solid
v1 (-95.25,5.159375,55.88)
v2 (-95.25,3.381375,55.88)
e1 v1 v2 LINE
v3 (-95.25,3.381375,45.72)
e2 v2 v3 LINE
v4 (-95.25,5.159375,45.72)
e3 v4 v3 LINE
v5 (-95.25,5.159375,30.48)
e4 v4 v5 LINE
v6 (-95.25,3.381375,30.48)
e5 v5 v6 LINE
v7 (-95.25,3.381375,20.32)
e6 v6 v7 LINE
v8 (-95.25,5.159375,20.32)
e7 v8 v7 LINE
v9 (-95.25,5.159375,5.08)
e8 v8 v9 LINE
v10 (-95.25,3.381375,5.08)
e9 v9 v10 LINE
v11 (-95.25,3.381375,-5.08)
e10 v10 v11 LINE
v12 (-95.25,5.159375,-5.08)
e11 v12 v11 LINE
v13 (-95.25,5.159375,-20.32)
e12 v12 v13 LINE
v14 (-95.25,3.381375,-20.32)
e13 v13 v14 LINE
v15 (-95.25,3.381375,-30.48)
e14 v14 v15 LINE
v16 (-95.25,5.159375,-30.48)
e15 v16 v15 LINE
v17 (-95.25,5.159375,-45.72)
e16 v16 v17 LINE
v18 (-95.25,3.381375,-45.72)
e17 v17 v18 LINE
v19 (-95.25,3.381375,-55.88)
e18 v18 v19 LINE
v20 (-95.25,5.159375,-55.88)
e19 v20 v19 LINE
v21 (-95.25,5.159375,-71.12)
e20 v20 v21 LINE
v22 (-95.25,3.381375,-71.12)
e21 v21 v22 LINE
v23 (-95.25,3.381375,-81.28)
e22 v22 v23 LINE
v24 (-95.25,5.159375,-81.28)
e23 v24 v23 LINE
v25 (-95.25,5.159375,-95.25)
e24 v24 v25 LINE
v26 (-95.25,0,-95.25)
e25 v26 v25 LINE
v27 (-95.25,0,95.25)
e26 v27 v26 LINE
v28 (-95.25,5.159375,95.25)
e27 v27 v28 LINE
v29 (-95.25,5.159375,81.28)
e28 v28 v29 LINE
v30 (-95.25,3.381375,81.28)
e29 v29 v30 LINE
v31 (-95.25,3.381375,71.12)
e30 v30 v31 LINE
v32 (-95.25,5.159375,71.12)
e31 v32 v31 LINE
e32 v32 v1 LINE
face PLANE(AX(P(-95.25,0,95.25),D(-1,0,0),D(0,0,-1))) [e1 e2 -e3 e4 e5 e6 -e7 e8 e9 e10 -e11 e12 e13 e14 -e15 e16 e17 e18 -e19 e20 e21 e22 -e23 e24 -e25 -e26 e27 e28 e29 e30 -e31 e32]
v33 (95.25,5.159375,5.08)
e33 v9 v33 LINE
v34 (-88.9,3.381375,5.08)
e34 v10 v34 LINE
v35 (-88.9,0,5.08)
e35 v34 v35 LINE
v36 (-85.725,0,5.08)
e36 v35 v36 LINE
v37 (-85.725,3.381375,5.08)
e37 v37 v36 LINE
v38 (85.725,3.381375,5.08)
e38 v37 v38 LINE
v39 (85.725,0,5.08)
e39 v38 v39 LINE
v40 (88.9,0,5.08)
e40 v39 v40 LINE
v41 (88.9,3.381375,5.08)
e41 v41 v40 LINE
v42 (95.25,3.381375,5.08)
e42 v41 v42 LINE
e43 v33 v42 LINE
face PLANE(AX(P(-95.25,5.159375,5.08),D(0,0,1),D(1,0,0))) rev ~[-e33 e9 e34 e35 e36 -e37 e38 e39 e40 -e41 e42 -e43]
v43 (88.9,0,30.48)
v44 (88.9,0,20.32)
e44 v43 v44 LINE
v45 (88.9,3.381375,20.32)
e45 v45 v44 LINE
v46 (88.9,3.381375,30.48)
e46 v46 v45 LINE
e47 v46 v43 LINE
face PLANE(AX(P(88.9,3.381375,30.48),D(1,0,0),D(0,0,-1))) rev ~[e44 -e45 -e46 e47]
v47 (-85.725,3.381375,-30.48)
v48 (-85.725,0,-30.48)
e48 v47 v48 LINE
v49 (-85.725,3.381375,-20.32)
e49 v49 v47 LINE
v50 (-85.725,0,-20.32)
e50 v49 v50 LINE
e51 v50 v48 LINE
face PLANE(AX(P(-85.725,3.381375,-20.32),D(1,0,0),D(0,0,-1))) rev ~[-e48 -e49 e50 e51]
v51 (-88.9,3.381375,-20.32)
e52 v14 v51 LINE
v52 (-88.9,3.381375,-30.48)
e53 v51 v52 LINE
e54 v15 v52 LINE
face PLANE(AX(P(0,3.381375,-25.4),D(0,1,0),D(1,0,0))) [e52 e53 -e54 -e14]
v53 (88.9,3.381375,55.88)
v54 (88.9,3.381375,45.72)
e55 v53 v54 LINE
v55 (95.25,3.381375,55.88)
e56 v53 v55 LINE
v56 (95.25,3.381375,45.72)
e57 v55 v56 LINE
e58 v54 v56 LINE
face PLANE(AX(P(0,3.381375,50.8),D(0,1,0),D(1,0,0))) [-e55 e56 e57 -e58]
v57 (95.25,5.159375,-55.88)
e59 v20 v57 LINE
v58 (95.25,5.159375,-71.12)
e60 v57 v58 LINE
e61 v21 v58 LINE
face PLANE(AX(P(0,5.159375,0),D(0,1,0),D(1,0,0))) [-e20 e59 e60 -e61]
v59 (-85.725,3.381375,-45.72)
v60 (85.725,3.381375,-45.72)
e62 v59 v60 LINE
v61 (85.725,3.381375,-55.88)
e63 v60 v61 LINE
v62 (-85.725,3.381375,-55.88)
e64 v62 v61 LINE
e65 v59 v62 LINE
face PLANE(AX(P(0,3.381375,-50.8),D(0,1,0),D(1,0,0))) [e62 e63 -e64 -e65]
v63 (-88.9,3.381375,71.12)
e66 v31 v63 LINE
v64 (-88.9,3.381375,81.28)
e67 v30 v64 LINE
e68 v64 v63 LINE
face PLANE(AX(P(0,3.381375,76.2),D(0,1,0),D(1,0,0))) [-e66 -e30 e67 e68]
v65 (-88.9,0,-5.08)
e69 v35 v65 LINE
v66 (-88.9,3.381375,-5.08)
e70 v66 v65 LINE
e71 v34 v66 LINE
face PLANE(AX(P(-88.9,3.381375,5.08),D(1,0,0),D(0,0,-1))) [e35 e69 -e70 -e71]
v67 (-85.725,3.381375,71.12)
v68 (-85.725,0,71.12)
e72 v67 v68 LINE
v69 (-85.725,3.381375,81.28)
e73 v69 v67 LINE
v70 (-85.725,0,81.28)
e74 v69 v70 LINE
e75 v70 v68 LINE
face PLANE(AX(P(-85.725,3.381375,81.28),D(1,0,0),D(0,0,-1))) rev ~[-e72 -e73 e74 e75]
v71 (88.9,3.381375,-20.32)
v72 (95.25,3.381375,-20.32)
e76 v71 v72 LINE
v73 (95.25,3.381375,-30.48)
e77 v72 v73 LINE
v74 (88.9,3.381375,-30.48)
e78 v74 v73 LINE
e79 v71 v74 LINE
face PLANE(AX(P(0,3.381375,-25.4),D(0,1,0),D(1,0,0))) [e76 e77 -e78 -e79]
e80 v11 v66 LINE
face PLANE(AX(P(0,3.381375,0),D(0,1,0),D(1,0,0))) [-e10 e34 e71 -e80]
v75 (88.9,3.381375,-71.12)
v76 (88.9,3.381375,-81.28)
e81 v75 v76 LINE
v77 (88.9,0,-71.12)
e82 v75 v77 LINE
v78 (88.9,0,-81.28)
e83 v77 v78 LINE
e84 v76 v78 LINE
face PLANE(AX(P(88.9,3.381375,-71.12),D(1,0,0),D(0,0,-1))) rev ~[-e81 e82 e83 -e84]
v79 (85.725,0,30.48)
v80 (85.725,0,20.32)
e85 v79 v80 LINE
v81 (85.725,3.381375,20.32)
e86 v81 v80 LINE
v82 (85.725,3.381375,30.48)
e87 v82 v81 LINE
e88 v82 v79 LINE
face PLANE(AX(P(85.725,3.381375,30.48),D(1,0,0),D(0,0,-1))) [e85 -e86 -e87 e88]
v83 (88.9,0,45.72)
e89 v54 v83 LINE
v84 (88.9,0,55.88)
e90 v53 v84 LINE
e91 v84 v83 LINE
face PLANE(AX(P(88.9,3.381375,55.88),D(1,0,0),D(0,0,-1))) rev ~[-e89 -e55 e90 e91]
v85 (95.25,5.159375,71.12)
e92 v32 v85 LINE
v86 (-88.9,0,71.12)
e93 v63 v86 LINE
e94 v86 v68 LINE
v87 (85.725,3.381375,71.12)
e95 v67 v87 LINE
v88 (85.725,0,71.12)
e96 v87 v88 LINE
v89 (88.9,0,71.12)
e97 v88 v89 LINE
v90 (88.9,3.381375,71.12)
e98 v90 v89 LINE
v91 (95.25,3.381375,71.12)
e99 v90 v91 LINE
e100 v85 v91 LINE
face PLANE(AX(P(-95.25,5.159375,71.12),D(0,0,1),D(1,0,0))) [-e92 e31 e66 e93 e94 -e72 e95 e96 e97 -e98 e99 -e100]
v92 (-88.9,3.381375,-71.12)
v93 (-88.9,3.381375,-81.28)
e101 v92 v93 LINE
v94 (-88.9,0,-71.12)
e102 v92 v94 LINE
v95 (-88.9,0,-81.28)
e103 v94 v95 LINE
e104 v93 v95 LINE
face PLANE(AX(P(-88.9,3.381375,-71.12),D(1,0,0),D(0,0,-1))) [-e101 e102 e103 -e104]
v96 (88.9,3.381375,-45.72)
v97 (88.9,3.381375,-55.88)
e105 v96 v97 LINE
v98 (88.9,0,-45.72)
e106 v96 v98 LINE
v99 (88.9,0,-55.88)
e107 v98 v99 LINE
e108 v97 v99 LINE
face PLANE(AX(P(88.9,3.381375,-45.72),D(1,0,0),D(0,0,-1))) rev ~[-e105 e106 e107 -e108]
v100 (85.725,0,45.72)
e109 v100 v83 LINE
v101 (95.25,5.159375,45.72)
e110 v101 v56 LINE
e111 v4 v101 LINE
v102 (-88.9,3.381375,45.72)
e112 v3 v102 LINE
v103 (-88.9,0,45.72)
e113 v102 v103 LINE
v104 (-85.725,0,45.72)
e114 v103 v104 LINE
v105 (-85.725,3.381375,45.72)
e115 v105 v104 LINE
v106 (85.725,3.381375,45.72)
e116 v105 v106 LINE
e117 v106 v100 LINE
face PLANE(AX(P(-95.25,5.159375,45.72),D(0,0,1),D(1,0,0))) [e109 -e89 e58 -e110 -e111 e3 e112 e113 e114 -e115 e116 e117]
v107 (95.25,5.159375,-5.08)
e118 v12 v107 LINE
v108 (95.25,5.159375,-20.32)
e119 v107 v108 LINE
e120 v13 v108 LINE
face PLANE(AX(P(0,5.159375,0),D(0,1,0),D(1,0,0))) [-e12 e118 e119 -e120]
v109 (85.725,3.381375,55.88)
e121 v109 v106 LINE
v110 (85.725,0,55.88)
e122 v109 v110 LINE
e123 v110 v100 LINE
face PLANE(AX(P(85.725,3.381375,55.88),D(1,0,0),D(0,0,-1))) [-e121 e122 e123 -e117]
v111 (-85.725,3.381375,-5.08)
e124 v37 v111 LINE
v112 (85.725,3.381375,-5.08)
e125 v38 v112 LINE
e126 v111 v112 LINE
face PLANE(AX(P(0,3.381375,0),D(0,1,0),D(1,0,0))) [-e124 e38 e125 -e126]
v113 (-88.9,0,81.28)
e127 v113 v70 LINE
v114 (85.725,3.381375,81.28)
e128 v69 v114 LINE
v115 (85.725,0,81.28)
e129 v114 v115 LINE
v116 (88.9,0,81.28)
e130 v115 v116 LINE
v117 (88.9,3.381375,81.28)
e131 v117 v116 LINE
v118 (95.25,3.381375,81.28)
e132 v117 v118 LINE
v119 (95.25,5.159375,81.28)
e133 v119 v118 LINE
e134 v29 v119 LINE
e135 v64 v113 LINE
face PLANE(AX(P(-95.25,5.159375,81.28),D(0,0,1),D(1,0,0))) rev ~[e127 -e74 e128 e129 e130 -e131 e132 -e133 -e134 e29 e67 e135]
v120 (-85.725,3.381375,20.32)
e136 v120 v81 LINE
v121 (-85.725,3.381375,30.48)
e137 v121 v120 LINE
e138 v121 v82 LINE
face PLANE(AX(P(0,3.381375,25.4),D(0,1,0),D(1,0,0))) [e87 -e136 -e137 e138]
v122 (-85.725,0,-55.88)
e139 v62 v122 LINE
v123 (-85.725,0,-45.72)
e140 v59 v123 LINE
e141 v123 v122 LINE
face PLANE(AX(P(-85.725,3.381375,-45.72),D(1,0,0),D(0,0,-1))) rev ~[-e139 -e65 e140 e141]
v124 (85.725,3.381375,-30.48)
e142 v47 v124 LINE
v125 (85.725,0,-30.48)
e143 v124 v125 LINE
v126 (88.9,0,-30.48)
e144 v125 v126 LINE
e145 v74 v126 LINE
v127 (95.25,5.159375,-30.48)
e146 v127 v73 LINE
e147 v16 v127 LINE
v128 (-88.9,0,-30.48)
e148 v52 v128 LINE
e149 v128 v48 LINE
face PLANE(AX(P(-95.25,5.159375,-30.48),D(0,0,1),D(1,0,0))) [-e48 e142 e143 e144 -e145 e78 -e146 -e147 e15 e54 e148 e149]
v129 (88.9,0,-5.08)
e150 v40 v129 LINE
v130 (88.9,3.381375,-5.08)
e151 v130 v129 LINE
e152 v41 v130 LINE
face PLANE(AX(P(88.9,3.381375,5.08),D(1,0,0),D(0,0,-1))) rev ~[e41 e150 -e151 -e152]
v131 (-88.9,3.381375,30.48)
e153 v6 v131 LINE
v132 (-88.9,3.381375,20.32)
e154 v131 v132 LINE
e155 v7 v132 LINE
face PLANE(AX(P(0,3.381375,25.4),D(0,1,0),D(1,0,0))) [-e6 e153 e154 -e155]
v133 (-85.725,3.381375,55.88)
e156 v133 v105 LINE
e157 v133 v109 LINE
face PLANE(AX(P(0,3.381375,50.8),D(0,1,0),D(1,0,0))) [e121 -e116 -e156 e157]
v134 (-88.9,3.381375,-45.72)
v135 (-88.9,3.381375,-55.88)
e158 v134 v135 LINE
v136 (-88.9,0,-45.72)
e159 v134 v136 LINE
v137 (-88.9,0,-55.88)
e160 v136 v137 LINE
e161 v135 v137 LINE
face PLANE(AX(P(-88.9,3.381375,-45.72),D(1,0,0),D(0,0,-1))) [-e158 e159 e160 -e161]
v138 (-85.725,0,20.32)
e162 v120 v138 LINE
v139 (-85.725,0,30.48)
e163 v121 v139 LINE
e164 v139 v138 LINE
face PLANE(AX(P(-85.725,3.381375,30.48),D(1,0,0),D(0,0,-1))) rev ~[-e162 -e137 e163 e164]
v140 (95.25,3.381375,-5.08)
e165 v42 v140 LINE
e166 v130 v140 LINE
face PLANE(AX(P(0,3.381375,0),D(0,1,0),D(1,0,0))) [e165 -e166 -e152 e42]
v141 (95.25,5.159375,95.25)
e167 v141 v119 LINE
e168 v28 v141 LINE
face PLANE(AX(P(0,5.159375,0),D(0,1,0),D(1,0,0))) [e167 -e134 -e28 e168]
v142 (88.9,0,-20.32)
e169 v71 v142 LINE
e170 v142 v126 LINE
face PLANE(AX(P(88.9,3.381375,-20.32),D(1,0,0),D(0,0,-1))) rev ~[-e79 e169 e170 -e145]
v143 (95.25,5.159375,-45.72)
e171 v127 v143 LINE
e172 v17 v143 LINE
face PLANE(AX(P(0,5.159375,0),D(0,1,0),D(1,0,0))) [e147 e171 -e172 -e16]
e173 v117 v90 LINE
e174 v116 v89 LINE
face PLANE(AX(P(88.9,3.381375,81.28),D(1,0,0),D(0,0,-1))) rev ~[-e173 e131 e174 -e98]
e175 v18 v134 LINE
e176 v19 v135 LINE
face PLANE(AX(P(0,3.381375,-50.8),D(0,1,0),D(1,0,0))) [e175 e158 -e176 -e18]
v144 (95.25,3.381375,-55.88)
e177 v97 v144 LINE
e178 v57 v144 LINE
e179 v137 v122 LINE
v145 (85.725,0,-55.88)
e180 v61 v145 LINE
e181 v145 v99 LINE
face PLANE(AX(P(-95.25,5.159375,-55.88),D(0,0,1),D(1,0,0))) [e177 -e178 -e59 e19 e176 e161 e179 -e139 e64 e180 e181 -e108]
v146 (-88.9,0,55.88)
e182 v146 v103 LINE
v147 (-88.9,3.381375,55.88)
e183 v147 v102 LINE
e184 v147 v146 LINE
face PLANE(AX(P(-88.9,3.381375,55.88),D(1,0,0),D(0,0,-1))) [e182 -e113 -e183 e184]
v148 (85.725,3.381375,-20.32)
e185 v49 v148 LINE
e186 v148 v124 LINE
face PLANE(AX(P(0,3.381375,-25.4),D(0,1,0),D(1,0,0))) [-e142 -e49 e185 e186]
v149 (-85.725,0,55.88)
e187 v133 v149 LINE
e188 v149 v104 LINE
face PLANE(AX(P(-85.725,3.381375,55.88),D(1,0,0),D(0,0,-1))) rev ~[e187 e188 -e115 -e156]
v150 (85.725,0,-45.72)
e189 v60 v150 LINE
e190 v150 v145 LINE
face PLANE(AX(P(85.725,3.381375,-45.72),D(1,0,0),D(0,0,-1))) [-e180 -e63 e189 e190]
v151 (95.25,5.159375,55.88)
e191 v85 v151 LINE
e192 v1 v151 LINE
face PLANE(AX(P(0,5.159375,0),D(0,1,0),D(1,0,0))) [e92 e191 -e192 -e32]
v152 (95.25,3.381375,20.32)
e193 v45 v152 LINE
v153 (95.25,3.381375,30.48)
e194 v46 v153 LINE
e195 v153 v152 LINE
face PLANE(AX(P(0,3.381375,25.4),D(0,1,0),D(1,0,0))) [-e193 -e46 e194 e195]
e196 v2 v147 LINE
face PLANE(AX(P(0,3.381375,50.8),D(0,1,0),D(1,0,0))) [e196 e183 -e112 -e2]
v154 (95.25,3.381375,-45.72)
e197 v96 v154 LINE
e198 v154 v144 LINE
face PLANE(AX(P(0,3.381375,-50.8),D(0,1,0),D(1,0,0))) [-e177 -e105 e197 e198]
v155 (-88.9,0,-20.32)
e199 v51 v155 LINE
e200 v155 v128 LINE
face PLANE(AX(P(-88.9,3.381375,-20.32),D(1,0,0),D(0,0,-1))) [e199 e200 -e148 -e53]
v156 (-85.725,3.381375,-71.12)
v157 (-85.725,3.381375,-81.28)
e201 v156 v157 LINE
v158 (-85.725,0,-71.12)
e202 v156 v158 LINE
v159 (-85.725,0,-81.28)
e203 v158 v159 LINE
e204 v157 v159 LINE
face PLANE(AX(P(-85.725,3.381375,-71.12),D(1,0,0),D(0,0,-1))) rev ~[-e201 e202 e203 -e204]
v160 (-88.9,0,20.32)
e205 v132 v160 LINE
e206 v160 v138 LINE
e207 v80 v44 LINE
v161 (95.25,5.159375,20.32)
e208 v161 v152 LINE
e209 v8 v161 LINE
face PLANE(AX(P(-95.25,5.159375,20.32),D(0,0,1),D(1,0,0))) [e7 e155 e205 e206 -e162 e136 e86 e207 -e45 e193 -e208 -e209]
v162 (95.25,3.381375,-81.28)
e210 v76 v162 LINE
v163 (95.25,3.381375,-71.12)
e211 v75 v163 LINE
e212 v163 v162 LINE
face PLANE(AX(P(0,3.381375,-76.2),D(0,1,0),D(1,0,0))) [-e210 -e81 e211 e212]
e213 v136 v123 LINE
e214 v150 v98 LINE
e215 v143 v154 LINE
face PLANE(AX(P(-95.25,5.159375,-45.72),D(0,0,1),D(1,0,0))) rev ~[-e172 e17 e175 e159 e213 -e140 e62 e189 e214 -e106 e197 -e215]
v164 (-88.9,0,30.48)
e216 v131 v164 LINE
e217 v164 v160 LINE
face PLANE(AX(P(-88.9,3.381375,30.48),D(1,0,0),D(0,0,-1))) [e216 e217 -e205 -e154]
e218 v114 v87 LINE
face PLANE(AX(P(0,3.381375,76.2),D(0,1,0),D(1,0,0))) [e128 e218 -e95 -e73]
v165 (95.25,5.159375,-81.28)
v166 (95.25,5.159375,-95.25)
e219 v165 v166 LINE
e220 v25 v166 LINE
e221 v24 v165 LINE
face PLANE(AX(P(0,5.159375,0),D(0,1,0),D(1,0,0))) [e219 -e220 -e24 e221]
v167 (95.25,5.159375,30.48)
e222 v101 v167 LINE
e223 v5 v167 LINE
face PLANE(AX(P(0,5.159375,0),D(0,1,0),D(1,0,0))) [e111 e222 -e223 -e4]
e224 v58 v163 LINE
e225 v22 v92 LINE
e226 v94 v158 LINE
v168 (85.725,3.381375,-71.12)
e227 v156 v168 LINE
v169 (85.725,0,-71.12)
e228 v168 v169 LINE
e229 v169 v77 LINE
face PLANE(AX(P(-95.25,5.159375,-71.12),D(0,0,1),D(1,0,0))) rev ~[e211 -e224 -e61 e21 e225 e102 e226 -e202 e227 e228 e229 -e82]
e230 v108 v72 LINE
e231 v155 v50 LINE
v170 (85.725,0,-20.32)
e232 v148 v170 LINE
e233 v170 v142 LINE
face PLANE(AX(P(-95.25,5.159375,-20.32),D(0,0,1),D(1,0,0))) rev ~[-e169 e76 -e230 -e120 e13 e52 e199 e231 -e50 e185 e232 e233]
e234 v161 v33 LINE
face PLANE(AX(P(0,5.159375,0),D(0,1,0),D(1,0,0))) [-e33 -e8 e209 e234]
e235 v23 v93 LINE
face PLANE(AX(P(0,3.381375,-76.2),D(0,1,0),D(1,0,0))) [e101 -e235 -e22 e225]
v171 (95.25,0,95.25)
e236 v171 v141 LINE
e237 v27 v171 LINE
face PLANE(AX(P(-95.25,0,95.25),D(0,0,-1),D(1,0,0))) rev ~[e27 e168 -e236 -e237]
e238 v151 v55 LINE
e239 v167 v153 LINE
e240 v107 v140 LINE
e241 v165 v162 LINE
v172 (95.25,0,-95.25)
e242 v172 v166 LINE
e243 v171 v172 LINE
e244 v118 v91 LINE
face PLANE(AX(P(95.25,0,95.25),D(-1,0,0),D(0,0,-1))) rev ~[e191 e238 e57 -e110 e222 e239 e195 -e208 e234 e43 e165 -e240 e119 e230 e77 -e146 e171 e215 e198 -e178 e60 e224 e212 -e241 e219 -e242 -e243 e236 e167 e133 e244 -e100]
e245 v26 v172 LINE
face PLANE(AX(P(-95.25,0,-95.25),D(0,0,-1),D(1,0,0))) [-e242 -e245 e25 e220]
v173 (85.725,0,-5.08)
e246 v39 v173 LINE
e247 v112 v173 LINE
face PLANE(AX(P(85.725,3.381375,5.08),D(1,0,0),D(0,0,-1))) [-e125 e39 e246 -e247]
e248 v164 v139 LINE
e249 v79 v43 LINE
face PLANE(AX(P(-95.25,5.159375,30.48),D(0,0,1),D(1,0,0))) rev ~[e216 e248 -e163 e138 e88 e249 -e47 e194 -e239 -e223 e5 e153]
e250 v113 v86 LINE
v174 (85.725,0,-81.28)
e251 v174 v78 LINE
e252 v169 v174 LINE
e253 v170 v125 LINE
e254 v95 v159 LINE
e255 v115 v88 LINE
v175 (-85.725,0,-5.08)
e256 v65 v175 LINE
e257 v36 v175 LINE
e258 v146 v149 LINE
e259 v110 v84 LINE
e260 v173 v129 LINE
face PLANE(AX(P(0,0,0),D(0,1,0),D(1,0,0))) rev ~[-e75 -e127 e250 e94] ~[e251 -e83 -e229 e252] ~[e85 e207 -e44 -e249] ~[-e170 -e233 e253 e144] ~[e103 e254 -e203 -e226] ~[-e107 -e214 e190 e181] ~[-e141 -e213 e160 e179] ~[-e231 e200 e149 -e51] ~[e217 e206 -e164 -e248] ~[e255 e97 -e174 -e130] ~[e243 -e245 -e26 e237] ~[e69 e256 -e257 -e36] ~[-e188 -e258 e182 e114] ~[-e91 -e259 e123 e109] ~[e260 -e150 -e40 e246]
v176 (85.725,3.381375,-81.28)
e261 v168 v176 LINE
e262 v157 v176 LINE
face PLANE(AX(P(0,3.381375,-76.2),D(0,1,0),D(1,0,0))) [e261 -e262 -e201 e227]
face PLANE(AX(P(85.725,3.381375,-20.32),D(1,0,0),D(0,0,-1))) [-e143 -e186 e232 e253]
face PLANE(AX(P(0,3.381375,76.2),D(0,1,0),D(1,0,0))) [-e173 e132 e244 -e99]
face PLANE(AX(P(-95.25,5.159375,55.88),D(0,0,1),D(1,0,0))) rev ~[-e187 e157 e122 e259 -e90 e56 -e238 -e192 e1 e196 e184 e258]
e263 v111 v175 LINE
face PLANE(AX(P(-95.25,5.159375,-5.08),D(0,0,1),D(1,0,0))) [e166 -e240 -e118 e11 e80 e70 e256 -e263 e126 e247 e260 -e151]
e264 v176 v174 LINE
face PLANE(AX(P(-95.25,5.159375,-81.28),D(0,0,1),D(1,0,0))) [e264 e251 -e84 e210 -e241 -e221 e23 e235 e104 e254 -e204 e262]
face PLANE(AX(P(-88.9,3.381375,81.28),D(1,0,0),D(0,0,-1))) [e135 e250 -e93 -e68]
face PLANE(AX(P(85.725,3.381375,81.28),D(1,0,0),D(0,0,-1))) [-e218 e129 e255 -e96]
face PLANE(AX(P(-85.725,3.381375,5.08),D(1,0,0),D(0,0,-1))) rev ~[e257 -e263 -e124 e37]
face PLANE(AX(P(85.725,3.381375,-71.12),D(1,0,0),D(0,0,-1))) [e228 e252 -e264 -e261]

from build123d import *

# Parameters (mm, degrees)
SKETCH1_W           = 190.5
SKETCH1_H           = 190.5
BOSS_EXTRUDE1_DEPTH = 5.159375
SKETCH2_W           = 190.5
SKETCH2_H           = 10.16
CUT_EXTRUDE1_DEPTH  = 1.778
SKETCH3_W           = 3.175
SKETCH3_H           = 10.16
CUT_EXTRUDE3_DEPTH  = 4.381375
LPATTERN1_COUNT     = 7
LPATTERN1_PITCH     = 25.4


with BuildPart() as part:
    # Sketch1 → Boss-Extrude1 (new body)
    with BuildSketch(Plane(origin=(0, 0, 0), x_dir=(1, 0, 0), z_dir=(0, 1, 0))):
        Rectangle(SKETCH1_W, SKETCH1_H)
    extrude(amount=BOSS_EXTRUDE1_DEPTH)

    # Sketch2 → Cut-Extrude1 (cut)
    with BuildSketch(Plane(origin=(0, 5.159375, 0), x_dir=(1, 0, 0), z_dir=(0, 1, 0))):
        with Locations((0, 76.2)):
            Rectangle(SKETCH2_W, SKETCH2_H)
        with Locations((0, 50.8)):
            Rectangle(SKETCH2_W, SKETCH2_H)
        with Locations((0, 25.4)):
            Rectangle(SKETCH2_W, SKETCH2_H)
        Rectangle(SKETCH2_W, SKETCH2_H)
        with Locations((0, -25.4)):
            Rectangle(SKETCH2_W, SKETCH2_H)
        with Locations((0, -50.8)):
            Rectangle(SKETCH2_W, SKETCH2_H)
        with Locations((0, -76.2)):
            Rectangle(SKETCH2_W, SKETCH2_H)
    extrude(amount=-CUT_EXTRUDE1_DEPTH, mode=Mode.SUBTRACT)

    # Sketch3 → Cut-Extrude3 (cut, through all)
    with BuildSketch(Plane(origin=(0, 3.381375, 0), x_dir=(1, 0, 0), z_dir=(0, 1, 0))):
        with Locations((-87.3125, 76.2)):
            Rectangle(SKETCH3_W, SKETCH3_H)
        with Locations((87.3125, 76.2)):
            Rectangle(SKETCH3_W, SKETCH3_H)
    cut_extrude3 = extrude(amount=-CUT_EXTRUDE3_DEPTH, mode=Mode.SUBTRACT)

    # LPattern1: Cut-Extrude3 ×7
    with Locations(*[(0, 0, i * LPATTERN1_PITCH) for i in range(1, LPATTERN1_COUNT)]):
        add(cut_extrude3, mode=Mode.SUBTRACT)


solid = part.part
